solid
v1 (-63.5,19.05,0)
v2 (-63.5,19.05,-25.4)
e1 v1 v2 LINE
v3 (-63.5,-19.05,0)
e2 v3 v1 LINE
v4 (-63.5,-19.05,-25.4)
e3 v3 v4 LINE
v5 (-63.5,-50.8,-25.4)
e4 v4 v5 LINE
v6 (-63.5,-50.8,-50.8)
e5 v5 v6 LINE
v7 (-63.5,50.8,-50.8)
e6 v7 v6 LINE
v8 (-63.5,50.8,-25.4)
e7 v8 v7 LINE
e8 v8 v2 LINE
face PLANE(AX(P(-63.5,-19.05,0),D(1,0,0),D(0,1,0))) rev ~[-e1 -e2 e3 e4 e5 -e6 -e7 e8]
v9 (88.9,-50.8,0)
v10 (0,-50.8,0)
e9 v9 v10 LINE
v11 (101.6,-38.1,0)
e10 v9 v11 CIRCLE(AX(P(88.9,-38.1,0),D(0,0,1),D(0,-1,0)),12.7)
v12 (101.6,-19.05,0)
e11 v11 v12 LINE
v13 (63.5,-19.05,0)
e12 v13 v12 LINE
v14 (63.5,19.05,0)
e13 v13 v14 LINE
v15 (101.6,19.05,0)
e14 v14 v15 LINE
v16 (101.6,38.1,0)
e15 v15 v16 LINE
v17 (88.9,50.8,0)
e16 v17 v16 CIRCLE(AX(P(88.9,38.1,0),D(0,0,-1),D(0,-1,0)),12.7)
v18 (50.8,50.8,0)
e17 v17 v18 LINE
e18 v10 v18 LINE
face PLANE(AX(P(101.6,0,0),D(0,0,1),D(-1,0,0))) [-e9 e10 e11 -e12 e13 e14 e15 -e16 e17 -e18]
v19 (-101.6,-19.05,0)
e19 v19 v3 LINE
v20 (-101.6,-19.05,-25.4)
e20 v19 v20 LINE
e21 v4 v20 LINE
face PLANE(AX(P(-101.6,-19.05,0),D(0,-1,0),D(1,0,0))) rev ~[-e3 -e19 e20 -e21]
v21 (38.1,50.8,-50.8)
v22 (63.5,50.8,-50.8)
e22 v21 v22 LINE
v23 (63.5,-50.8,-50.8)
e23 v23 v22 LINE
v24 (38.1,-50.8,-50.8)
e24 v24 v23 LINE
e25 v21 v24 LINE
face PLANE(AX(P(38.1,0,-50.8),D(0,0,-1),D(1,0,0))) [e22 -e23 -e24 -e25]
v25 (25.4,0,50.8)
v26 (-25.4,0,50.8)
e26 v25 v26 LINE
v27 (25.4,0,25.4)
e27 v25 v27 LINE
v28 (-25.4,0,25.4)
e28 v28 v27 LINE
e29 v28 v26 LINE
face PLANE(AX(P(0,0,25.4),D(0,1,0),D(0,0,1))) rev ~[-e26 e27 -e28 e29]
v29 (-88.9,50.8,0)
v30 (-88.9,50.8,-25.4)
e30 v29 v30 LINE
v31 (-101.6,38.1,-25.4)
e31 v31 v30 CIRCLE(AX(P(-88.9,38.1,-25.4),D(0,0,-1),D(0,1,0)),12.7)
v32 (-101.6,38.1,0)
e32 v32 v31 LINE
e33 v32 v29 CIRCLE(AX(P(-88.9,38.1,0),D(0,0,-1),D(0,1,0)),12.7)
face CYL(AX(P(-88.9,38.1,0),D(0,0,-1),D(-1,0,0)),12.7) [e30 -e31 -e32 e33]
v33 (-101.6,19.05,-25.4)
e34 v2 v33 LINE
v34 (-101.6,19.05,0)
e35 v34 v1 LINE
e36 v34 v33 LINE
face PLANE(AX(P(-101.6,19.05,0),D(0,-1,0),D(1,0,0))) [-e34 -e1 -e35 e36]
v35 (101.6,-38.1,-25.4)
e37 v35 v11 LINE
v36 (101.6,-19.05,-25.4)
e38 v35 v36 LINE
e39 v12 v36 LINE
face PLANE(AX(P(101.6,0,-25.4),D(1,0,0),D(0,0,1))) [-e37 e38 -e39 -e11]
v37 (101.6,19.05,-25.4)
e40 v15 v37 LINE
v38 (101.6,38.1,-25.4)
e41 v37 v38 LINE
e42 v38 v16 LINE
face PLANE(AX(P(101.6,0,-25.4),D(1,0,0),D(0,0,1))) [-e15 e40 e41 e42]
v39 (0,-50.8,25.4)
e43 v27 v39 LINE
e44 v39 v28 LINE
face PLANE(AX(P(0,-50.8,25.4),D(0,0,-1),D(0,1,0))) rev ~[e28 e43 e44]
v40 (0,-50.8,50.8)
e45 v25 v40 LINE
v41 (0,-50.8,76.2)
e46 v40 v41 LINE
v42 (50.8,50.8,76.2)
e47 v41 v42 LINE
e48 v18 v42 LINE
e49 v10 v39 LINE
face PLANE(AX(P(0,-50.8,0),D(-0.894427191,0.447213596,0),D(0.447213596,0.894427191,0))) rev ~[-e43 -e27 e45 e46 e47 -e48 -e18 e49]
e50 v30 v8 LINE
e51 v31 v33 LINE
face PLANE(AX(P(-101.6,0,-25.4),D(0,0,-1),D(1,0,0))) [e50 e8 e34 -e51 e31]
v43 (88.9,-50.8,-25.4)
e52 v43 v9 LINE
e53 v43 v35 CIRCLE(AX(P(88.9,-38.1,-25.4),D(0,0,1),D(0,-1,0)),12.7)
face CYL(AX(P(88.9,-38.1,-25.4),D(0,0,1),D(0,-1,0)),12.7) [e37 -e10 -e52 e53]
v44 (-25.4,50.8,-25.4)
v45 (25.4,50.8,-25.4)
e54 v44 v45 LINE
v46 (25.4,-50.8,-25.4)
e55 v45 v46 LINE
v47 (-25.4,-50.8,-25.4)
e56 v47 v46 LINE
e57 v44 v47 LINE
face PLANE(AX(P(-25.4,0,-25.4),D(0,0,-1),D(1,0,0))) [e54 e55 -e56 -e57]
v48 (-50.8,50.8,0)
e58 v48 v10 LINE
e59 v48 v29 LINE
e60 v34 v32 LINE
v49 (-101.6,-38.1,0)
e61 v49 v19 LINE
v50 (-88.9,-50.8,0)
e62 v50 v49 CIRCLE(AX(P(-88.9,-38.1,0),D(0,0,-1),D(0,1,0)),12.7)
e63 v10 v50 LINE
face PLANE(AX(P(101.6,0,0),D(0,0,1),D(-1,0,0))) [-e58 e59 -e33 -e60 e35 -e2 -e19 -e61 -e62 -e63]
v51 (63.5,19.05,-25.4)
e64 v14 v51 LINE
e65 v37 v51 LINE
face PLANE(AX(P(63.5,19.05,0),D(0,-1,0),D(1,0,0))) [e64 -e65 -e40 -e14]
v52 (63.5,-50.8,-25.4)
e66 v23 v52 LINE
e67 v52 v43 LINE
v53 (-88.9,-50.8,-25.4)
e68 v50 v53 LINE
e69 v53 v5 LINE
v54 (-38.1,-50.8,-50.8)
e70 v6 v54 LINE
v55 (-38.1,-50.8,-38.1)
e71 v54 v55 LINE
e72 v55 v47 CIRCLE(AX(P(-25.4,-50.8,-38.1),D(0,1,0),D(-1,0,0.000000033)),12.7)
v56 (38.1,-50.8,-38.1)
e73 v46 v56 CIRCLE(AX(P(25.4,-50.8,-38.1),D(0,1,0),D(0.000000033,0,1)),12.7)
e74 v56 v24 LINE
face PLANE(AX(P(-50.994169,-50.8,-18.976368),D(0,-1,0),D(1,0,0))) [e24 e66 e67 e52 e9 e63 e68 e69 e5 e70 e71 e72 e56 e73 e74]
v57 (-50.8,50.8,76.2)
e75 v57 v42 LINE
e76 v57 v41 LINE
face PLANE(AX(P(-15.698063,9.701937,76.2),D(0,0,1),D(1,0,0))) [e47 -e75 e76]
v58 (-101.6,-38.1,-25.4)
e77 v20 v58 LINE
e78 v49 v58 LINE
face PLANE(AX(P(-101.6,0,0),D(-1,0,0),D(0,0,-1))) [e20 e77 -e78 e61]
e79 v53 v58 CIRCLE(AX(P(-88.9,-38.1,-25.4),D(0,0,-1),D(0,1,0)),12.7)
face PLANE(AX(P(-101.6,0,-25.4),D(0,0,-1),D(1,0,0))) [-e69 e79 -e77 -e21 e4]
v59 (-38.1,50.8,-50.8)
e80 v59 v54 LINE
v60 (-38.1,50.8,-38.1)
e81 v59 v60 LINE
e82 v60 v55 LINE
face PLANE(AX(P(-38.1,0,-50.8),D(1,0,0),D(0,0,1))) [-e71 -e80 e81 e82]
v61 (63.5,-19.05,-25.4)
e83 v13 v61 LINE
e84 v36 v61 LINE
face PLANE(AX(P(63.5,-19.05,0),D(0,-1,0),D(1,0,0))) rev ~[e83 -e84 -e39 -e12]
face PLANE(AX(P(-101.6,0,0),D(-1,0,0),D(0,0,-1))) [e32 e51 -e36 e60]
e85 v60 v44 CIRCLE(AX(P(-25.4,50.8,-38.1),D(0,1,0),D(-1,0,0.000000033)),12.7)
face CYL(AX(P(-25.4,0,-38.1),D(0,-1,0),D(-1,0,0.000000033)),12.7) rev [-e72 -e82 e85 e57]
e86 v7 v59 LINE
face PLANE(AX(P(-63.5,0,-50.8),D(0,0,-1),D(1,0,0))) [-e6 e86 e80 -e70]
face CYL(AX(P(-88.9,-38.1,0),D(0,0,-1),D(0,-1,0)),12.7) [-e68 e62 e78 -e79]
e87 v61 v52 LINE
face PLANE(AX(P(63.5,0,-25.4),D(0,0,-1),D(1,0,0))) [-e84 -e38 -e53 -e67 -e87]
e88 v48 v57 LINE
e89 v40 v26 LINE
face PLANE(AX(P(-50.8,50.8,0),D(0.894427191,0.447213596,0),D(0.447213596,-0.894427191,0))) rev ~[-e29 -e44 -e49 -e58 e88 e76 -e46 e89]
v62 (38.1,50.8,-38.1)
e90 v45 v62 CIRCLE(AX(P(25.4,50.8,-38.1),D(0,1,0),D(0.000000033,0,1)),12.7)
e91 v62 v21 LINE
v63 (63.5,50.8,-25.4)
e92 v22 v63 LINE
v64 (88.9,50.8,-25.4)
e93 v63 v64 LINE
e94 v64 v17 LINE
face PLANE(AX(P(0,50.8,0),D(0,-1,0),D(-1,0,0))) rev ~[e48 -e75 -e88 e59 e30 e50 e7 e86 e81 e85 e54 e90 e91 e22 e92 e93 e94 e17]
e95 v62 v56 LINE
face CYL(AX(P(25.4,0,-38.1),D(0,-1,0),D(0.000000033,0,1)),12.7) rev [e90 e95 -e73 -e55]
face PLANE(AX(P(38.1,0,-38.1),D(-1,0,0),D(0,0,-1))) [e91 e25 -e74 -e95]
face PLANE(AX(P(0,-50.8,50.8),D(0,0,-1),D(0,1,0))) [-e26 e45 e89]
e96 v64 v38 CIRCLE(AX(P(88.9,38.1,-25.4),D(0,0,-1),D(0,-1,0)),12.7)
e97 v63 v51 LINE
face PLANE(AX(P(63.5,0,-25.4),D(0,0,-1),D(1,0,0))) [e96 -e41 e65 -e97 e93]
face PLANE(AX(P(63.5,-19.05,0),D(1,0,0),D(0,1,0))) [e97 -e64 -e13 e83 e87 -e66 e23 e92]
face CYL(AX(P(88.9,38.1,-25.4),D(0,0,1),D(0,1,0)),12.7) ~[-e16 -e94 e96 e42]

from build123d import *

# Parameters (mm, degrees)
F1_DEPTH = 50.8
F2_W     = 38.1
F2_H     = 38.1
F3_DEPTH = 50.801
F4_R     = 12.7
F7_DEPTH = 76.2
F8_DEPTH = 76.2
F6_W     = 50.8
F6_H     = 25.4
F9_DEPTH = 50.8


with BuildPart() as f1:
    # F0 (on Front) → F1 (new body, symmetric)
    with BuildSketch(Plane.XZ):
        with BuildLine():
            Line((0, -25.4), (0, 0))
            Line((0, 0), (-101.6, 0))
            Line((-101.6, 0), (-101.6, -25.4))
            Line((-101.6, -25.4), (-63.5, -25.4))
            Line((-63.5, -25.4), (-63.5, -50.8))
            Line((-63.5, -50.8), (-38.1, -50.8))
            Line((-38.1, -50.8), (-38.1, -38.1))
            ThreePointArc((-38.1, -38.1), (-34.380256, -29.119744), (-25.4, -25.4))
            Line((-25.4, -25.4), (0, -25.4))
        make_face()
        with BuildLine():
            Line((101.6, 0), (0, 0))
            Line((0, 0), (0, -25.4))
            Line((0, -25.4), (25.4, -25.4))
            ThreePointArc((25.4, -25.4), (34.380256, -29.119744), (38.1, -38.1))
            Line((38.1, -38.1), (38.1, -50.8))
            Line((38.1, -50.8), (63.5, -50.8))
            Line((63.5, -50.8), (63.5, -25.4))
            Line((63.5, -25.4), (101.6, -25.4))
            Line((101.6, -25.4), (101.6, 0))
        make_face()
    extrude(amount=F1_DEPTH, both=True)

    # F2 (on Top) → F3 (cut, through all)
    with BuildSketch(Plane.XY):
        with Locations((-82.55, 0)):
            Rectangle(F2_W, F2_H)
        with Locations((82.55, 0)):
            Rectangle(F2_W, F2_H)
    extrude(amount=-F3_DEPTH, mode=Mode.SUBTRACT)

    # F4
    f4_edges = [f1.edges().sort_by_distance(p)[0] for p in [
        (101.6, -50.8, -12.7),
        (101.6, 50.8, -12.7),
        (-101.6, -50.8, -12.7),
        (-101.6, 50.8, -12.7),
    ]]
    fillet(f4_edges, radius=F4_R)

    # F5 (on Top) → F7 (join)
    with BuildSketch(Plane.XY):
        Polygon((0, 50.8), (0, -50.8), (50.8, 50.8), align=None)
    extrude(amount=F7_DEPTH)

    # F5 (on Top) → F8 (join)
    with BuildSketch(Plane.XY):
        Polygon((-50.8, 50.8), (0, -50.8), (0, 50.8), align=None)
    extrude(amount=F8_DEPTH)

    # F6 (on Right) → F9 (cut, symmetric)
    with BuildSketch(Plane.YZ):
        with Locations((-25.4, 38.1)):
            Rectangle(F6_W, F6_H)
    extrude(amount=F9_DEPTH, both=True, mode=Mode.SUBTRACT)


solid = f1.part
